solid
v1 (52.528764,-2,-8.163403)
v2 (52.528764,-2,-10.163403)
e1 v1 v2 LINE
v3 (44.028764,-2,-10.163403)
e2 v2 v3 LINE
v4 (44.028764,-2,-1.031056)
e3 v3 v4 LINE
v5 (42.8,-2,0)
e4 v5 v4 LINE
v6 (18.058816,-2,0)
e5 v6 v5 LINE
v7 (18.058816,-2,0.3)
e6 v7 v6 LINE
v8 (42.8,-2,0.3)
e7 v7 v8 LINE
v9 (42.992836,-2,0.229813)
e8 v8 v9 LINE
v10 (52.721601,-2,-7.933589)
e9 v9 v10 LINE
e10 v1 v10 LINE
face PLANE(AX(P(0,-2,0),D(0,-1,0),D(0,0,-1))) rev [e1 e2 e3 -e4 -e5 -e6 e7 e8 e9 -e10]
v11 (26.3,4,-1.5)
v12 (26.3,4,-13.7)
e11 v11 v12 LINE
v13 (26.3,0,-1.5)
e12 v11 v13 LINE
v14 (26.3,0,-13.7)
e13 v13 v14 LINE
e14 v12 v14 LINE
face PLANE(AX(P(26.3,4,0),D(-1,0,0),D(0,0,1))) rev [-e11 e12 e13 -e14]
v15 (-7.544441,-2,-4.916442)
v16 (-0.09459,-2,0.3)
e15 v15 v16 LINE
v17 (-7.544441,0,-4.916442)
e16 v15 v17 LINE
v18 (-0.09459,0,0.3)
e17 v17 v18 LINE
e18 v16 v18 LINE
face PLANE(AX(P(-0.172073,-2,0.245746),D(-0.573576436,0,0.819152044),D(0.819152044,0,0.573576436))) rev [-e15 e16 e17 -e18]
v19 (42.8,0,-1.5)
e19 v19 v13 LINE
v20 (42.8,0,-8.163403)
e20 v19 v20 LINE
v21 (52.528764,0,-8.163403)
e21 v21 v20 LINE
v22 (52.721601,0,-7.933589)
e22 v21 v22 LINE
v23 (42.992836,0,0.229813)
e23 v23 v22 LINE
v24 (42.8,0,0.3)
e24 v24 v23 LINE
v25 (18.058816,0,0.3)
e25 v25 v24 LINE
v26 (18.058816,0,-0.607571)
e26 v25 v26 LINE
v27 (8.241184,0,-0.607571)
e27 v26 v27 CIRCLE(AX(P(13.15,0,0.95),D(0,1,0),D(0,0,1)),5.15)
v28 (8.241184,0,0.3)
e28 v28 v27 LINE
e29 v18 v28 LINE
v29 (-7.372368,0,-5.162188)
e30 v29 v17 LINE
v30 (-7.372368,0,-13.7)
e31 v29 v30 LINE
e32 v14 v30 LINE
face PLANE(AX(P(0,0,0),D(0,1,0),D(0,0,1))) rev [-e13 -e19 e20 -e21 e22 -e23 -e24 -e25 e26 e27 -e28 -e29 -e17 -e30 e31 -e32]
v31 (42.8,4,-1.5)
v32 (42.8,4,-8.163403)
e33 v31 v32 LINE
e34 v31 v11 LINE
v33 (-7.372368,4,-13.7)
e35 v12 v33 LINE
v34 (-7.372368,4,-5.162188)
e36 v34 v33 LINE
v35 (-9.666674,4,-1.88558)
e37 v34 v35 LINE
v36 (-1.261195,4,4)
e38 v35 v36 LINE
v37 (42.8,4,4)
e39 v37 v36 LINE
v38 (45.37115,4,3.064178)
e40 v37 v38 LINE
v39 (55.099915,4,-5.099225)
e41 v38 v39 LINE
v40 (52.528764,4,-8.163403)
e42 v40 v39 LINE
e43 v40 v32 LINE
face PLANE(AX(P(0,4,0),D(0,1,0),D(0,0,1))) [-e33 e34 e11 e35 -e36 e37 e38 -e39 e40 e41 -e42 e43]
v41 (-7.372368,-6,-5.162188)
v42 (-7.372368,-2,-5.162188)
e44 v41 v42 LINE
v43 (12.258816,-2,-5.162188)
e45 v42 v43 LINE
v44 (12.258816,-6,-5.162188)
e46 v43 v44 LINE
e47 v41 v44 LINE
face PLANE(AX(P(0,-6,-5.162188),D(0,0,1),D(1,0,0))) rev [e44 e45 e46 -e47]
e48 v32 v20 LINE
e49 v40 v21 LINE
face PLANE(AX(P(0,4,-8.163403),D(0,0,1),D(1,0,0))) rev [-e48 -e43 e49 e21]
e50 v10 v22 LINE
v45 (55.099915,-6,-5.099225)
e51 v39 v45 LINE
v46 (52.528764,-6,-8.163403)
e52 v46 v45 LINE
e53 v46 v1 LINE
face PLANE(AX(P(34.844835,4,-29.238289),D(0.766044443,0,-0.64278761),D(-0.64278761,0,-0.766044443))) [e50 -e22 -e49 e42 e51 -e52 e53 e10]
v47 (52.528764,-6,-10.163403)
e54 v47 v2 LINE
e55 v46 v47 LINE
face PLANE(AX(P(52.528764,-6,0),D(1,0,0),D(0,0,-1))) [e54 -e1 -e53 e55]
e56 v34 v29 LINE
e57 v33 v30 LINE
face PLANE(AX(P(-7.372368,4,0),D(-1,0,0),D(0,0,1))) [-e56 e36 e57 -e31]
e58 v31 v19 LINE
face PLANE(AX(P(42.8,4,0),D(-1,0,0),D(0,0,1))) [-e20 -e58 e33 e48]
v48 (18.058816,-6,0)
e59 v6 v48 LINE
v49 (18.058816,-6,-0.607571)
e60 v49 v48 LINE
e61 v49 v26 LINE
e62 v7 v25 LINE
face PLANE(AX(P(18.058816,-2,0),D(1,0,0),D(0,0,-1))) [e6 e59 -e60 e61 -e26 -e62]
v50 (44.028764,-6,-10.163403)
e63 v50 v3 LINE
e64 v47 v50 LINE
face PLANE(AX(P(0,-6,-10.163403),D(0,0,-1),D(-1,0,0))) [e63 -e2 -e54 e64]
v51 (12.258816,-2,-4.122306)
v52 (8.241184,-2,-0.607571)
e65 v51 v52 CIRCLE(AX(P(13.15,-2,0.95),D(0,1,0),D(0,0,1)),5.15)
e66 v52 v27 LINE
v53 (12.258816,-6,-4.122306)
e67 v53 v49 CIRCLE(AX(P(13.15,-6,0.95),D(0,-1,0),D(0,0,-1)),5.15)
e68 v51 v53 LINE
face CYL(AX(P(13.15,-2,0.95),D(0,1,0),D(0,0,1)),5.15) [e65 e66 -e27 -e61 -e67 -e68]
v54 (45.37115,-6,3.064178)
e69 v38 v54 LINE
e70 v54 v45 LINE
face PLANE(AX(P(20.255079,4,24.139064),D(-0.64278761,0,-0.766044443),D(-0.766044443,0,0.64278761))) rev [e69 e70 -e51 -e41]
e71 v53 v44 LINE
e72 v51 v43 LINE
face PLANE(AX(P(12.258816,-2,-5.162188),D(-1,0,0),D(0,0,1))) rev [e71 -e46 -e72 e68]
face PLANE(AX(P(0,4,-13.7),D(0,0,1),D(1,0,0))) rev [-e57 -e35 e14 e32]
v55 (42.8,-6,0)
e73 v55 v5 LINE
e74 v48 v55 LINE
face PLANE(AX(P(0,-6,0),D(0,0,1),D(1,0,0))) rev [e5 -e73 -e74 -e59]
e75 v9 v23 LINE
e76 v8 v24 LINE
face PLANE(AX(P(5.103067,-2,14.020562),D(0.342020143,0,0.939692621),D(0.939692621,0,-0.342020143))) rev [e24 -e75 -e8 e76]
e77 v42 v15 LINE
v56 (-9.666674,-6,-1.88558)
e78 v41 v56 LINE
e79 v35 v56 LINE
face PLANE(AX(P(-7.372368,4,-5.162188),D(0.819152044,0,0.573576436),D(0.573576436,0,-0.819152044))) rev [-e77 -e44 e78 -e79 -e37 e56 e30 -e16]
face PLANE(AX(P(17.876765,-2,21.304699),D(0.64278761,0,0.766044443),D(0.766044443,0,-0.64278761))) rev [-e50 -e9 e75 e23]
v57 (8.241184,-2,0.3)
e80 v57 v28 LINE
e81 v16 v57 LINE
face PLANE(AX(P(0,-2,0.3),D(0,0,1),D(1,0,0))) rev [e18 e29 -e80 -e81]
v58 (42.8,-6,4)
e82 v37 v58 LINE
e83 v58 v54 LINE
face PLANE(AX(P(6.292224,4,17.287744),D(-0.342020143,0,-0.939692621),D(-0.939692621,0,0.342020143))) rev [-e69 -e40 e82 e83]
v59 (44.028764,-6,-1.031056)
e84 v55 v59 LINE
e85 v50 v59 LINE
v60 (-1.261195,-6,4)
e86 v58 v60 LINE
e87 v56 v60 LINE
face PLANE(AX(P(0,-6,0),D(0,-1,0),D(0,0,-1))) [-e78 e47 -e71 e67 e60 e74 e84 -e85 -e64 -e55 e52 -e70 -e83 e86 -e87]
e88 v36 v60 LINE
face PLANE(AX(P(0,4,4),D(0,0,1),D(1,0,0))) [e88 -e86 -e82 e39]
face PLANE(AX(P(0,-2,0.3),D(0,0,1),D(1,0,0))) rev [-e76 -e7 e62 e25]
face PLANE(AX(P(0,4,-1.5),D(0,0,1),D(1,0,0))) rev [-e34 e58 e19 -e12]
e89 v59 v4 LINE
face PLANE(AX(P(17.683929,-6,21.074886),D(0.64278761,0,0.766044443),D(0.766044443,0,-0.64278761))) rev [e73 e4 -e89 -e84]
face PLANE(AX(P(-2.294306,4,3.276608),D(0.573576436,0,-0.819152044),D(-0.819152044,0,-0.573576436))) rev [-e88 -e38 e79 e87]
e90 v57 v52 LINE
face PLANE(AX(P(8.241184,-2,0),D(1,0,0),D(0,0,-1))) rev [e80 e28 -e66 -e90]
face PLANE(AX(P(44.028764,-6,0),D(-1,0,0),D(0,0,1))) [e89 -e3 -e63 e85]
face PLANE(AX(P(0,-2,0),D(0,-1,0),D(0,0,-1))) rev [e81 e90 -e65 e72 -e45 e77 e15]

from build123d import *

# Parameters (mm, degrees)
BOSS_EXTRUDE1_DEPTH = 4
BOSS_EXTRUDE3_DEPTH = 2
BOSS_EXTRUDE4_DEPTH = 4
CUT_EXTRUDE1_DEPTH  = 4
BOSS_EXTRUDE6_START = -4
BOSS_EXTRUDE6_DEPTH = 4


with BuildPart() as part:
    # Sketch2 → Boss-Extrude1 (new body)
    with BuildSketch(Plane(origin=(0, 0, 0), x_dir=(1, 0, 0), z_dir=(0, 1, 0))):
        Polygon((-7.372368399, 13.7), (-7.372368399, 5.162187927), (-9.666674144, 1.88557975), (-1.261195156, -4), (42.8, -4), (45.371150439, -3.064177772), (55.099914866, 5.099224871), (52.528764428, 8.163402643), (42.8, 8.163402643), (42.8, 1.5), (26.3, 1.5), (26.3, 13.7), align=None)
    extrude(amount=BOSS_EXTRUDE1_DEPTH)

    # Sketch2<4> → Boss-Extrude3 (add)
    with BuildSketch(Plane(origin=(0, 0, 0), x_dir=(1, 0, 0), z_dir=(0, 1, 0))):
        with BuildLine():
            Line((-0.094589637, -0.3), (-7.54444133, 4.916442314))
            Line((-7.54444133, 4.916442314), (-9.666674144, 1.88557975))
            Line((-9.666674144, 1.88557975), (-1.261195156, -4))
            Line((-1.261195156, -4), (42.8, -4))
            Line((42.8, -4), (45.371150439, -3.064177772))
            Line((45.371150439, -3.064177772), (55.099914866, 5.099224871))
            Line((55.099914866, 5.099224871), (52.721600711, 7.93358931))
            Line((52.721600711, 7.93358931), (42.992836283, -0.229813333))
            Line((42.992836283, -0.229813333), (42.8, -0.3))
            Line((42.8, -0.3), (18.05881591, -0.3))
            Line((18.05881591, -0.3), (18.05881591, 0.607570661))
            ThreePointArc((18.05881591, 0.607570661), (13.15, 4.2), (8.24118409, 0.607570661))
            Line((8.24118409, 0.607570661), (8.24118409, -0.3))
            Line((8.24118409, -0.3), (-0.094589637, -0.3))
        make_face()
    extrude(amount=-BOSS_EXTRUDE3_DEPTH)

    # Sketch3 → Boss-Extrude4 (add)
    with BuildSketch(Plane(origin=(0, -2, 0), x_dir=(-1, 0, 0), z_dir=(0, -1, 0))):
        Polygon((-42.8, 0), (-44.028764428, 1.031055778), (-44.028764428, 10.163402643), (-52.528764428, 10.163402643), (-52.528764428, 8.163402643), (-55.099914866, 5.099224871), (-45.371150439, -3.064177772), (-42.8, -4), (1.261195156, -4), (9.666674144, 1.88557975), (7.372368399, 5.162187927), (-18.25881591, 5.162187927), (-18.25881591, 0), align=None)
    extrude(amount=BOSS_EXTRUDE4_DEPTH)

    # Sketch4 → Cut-Extrude1 (cut)
    with BuildSketch(Plane(origin=(0, -6, 0), x_dir=(-1, 0, 0), z_dir=(0, -1, 0))):
        Polygon((-18.25881591, 0), (-12.25881591, 0), (-12.25881591, 5.162187927), (-18.25881591, 5.190707464), align=None)
    extrude(amount=-CUT_EXTRUDE1_DEPTH, mode=Mode.SUBTRACT)

    # Sketch5 → Boss-Extrude6 (add)
    with BuildSketch(Plane(origin=(0, -6, 0), x_dir=(-1, 0, 0), z_dir=(0, -1, 0)).offset(BOSS_EXTRUDE6_START)):
        with BuildLine():
            Line((-18.05881591, 0), (-18.05881591, 0.607570661))
            ThreePointArc((-18.05881591, 0.607570661), (-15.819022848, 3.454408818), (-12.25881591, 4.122306272))
            Line((-12.25881591, 4.122306272), (-12.25881591, 0))
            Line((-12.25881591, 0), (-18.05881591, 0))
        make_face()
    extrude(amount=BOSS_EXTRUDE6_DEPTH)


solid = part.part
